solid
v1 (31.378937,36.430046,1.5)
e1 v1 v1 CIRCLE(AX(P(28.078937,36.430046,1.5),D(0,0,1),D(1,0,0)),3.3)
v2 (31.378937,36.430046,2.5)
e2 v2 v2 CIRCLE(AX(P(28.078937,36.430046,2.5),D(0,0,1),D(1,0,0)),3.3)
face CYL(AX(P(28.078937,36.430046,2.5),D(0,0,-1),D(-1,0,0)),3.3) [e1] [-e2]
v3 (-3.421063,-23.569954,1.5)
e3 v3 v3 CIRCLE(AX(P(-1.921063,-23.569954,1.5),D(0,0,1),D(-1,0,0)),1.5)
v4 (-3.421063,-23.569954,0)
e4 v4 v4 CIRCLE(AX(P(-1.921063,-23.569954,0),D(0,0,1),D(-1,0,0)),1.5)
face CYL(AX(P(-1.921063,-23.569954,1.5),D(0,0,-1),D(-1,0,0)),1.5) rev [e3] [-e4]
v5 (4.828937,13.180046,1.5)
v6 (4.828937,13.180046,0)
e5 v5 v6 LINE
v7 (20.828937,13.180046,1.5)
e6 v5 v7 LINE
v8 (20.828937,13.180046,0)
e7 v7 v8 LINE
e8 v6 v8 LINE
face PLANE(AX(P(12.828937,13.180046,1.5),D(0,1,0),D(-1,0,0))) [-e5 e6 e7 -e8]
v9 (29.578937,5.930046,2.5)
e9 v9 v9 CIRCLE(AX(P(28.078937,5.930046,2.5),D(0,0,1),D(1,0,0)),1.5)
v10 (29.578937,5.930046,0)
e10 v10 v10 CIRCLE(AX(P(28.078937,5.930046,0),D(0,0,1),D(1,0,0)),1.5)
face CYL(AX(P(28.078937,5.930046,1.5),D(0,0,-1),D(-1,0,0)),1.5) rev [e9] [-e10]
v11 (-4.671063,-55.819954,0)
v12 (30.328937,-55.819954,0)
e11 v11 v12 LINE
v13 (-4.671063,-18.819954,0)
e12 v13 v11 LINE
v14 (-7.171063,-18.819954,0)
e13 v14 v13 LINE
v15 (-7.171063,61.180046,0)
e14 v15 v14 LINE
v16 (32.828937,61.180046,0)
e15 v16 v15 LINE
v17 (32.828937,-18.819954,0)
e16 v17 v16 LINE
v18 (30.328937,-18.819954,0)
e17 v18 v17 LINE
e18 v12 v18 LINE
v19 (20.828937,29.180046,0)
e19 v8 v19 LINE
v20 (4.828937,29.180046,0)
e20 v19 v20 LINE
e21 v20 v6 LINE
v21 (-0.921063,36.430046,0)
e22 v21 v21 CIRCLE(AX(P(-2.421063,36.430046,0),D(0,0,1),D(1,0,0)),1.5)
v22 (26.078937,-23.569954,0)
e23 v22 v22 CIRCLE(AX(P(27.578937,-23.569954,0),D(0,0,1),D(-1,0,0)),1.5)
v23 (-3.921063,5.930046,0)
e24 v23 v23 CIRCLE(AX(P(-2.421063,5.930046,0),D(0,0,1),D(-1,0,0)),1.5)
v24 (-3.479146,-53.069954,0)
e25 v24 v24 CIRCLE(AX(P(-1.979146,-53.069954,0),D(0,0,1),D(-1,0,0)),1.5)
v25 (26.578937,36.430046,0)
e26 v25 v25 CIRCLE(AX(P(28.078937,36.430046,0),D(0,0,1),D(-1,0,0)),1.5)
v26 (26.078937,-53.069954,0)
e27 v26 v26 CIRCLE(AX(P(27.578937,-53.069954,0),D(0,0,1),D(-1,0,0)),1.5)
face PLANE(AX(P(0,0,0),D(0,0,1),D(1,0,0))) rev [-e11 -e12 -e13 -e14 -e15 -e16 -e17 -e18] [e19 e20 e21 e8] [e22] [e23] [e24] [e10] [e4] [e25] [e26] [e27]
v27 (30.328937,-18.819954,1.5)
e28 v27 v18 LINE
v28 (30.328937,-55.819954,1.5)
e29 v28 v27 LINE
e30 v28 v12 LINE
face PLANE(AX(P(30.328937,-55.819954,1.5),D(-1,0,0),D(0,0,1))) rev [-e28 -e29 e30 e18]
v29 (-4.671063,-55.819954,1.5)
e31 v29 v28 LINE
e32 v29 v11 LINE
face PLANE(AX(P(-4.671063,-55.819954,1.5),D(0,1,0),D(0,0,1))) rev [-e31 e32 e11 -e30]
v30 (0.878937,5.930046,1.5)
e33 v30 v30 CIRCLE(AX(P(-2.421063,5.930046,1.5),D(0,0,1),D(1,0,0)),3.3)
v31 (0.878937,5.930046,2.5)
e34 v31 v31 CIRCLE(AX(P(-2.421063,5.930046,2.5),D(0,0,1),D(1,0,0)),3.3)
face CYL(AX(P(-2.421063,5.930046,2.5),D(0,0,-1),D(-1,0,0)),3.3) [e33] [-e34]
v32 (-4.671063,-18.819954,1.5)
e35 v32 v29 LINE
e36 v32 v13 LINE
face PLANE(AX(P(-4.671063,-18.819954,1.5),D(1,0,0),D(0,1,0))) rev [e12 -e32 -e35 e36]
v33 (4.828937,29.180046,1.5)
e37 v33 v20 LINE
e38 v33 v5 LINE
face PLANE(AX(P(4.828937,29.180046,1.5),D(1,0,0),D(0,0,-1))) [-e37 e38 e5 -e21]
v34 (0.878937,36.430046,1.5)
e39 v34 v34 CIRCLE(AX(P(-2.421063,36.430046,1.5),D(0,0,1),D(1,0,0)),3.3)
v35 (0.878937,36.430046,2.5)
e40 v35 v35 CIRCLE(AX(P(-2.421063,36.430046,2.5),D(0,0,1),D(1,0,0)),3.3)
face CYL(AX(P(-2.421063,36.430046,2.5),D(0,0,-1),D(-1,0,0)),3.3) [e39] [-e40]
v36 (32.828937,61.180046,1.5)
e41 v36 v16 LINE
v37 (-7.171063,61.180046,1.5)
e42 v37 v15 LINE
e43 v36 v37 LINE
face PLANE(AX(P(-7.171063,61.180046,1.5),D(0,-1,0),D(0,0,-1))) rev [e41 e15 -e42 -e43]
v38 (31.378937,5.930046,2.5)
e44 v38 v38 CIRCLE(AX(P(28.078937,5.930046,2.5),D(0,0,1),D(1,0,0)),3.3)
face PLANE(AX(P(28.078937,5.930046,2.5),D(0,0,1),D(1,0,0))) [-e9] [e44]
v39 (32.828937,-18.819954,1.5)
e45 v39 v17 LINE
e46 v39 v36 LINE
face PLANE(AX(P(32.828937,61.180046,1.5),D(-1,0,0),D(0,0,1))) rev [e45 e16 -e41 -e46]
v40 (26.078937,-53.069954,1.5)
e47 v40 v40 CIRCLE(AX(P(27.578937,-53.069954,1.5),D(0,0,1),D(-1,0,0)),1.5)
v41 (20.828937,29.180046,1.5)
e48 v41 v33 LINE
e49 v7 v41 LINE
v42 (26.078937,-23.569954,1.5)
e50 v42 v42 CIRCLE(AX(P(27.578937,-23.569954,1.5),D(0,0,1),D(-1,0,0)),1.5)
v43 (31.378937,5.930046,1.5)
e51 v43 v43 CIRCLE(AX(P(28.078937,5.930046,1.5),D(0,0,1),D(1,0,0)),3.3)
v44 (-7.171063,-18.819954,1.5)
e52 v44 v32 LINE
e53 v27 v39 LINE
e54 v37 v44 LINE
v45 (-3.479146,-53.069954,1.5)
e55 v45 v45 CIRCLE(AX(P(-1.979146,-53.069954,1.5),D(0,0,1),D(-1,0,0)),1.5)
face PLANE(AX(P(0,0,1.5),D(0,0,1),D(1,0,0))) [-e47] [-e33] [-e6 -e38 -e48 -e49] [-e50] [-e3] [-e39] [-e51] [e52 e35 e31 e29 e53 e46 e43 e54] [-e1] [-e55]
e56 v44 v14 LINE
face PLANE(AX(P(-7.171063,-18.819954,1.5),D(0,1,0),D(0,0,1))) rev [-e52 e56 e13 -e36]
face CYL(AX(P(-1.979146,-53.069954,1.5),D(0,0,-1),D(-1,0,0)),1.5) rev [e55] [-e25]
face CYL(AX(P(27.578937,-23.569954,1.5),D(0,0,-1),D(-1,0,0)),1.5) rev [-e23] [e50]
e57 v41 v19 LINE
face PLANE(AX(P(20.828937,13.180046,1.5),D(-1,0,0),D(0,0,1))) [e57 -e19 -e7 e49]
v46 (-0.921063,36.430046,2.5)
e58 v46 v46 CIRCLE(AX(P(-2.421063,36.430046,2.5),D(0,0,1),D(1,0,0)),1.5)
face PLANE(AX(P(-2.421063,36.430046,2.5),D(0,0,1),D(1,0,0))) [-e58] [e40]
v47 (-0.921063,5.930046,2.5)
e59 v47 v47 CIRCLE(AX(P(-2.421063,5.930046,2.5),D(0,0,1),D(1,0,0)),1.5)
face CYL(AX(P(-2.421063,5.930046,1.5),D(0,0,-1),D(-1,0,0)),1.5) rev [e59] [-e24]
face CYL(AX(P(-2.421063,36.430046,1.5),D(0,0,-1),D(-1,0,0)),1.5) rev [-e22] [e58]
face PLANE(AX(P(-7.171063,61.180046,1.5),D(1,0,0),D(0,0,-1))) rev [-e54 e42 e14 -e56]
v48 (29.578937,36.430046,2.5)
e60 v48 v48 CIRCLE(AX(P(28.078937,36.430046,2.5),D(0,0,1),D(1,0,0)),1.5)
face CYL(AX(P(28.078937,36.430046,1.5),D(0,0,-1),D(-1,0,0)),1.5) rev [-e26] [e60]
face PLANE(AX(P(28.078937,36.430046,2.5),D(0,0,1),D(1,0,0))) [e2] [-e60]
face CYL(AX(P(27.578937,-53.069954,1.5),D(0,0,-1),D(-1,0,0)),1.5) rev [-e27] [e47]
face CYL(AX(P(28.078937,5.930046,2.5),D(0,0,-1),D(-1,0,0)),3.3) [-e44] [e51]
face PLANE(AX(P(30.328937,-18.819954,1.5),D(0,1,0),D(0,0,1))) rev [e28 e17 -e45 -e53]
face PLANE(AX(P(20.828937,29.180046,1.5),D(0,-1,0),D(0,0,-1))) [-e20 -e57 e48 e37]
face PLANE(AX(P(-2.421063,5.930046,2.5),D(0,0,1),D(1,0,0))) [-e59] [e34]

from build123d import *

# Parameters (mm, degrees)
SKETCH_2_R      = 1.5
EXTRUDE_1_DEPTH = 1.5
SKETCH_3_R      = 3.3
SKETCH_3_R_2    = 1.5
EXTRUDE_2_DEPTH = 1


with BuildPart() as part:
    # 草图2 → 凸台-拉伸1 (new body)
    with BuildSketch(Plane.XY):
        Polygon((-7.171063422, 61.18004624), (32.828936578, 61.18004624), (32.828936578, -18.81995376), (30.328936578, -18.81995376), (30.328936578, -55.81995376), (-4.671063422, -55.81995376), (-4.671063422, -18.81995376), (-7.171063422, -18.81995376), align=None)
        with Locations((-2.421063422, 36.43004624)):
            Circle(SKETCH_2_R, mode=Mode.SUBTRACT)
        with Locations(Location((28.078936578, 36.43004624, 0), (0, 0, 180))):
            Circle(SKETCH_2_R, mode=Mode.SUBTRACT)
        with Locations((28.078936578, 5.93004624)):
            Circle(SKETCH_2_R, mode=Mode.SUBTRACT)
        with Locations(Location((-2.421063422, 5.93004624, 0), (0, 0, 180))):
            Circle(SKETCH_2_R, mode=Mode.SUBTRACT)
        with Locations(Location((-1.921063422, -23.56995376, 0), (0, 0, 180))):
            Circle(SKETCH_2_R, mode=Mode.SUBTRACT)
        with Locations(Location((27.578936578, -23.56995376, 0), (0, 0, 180))):
            Circle(SKETCH_2_R, mode=Mode.SUBTRACT)
        with Locations(Location((-1.979146383, -53.06995376, 0), (0, 0, 180))):
            Circle(SKETCH_2_R, mode=Mode.SUBTRACT)
        with Locations(Location((27.578936578, -53.06995376, 0), (0, 0, 180))):
            Circle(SKETCH_2_R, mode=Mode.SUBTRACT)
        Polygon((12.828936578, 13.18004624), (20.828936578, 13.18004624), (20.828936578, 29.18004624), (4.828936578, 29.18004624), (4.828936578, 13.18004624), align=None, mode=Mode.SUBTRACT)
    extrude(amount=EXTRUDE_1_DEPTH)

    # 草图3 → 凸台-拉伸2 (add)
    # profile 1 of 4: a face of its own
    with BuildSketch(Plane.XY.offset(1.5)):
        with Locations((-2.421063422, 36.43004624)):
            Circle(SKETCH_3_R)
        with Locations((-2.421063422, 36.43004624)):
            Circle(SKETCH_3_R_2, mode=Mode.SUBTRACT)
    # profile 2 of 4: a face of its own
    with BuildSketch(Plane.XY.offset(1.5)):
        with Locations((28.078936578, 36.43004624)):
            Circle(SKETCH_3_R)
        with Locations(Location((28.078936578, 36.43004624, 0), (0, 0, 180))):
            Circle(SKETCH_3_R_2, mode=Mode.SUBTRACT)
    # profile 3 of 4: a face of its own
    with BuildSketch(Plane.XY.offset(1.5)):
        with Locations((-2.421063422, 5.93004624)):
            Circle(SKETCH_3_R)
        with Locations(Location((-2.421063422, 5.93004624, 0), (0, 0, 180))):
            Circle(SKETCH_3_R_2, mode=Mode.SUBTRACT)
    # profile 4 of 4: a face of its own
    with BuildSketch(Plane.XY.offset(1.5)):
        with Locations((28.078936578, 5.93004624)):
            Circle(SKETCH_3_R)
        with Locations((28.078936578, 5.93004624)):
            Circle(SKETCH_3_R_2, mode=Mode.SUBTRACT)
    extrude(amount=EXTRUDE_2_DEPTH)


solid = part.part
